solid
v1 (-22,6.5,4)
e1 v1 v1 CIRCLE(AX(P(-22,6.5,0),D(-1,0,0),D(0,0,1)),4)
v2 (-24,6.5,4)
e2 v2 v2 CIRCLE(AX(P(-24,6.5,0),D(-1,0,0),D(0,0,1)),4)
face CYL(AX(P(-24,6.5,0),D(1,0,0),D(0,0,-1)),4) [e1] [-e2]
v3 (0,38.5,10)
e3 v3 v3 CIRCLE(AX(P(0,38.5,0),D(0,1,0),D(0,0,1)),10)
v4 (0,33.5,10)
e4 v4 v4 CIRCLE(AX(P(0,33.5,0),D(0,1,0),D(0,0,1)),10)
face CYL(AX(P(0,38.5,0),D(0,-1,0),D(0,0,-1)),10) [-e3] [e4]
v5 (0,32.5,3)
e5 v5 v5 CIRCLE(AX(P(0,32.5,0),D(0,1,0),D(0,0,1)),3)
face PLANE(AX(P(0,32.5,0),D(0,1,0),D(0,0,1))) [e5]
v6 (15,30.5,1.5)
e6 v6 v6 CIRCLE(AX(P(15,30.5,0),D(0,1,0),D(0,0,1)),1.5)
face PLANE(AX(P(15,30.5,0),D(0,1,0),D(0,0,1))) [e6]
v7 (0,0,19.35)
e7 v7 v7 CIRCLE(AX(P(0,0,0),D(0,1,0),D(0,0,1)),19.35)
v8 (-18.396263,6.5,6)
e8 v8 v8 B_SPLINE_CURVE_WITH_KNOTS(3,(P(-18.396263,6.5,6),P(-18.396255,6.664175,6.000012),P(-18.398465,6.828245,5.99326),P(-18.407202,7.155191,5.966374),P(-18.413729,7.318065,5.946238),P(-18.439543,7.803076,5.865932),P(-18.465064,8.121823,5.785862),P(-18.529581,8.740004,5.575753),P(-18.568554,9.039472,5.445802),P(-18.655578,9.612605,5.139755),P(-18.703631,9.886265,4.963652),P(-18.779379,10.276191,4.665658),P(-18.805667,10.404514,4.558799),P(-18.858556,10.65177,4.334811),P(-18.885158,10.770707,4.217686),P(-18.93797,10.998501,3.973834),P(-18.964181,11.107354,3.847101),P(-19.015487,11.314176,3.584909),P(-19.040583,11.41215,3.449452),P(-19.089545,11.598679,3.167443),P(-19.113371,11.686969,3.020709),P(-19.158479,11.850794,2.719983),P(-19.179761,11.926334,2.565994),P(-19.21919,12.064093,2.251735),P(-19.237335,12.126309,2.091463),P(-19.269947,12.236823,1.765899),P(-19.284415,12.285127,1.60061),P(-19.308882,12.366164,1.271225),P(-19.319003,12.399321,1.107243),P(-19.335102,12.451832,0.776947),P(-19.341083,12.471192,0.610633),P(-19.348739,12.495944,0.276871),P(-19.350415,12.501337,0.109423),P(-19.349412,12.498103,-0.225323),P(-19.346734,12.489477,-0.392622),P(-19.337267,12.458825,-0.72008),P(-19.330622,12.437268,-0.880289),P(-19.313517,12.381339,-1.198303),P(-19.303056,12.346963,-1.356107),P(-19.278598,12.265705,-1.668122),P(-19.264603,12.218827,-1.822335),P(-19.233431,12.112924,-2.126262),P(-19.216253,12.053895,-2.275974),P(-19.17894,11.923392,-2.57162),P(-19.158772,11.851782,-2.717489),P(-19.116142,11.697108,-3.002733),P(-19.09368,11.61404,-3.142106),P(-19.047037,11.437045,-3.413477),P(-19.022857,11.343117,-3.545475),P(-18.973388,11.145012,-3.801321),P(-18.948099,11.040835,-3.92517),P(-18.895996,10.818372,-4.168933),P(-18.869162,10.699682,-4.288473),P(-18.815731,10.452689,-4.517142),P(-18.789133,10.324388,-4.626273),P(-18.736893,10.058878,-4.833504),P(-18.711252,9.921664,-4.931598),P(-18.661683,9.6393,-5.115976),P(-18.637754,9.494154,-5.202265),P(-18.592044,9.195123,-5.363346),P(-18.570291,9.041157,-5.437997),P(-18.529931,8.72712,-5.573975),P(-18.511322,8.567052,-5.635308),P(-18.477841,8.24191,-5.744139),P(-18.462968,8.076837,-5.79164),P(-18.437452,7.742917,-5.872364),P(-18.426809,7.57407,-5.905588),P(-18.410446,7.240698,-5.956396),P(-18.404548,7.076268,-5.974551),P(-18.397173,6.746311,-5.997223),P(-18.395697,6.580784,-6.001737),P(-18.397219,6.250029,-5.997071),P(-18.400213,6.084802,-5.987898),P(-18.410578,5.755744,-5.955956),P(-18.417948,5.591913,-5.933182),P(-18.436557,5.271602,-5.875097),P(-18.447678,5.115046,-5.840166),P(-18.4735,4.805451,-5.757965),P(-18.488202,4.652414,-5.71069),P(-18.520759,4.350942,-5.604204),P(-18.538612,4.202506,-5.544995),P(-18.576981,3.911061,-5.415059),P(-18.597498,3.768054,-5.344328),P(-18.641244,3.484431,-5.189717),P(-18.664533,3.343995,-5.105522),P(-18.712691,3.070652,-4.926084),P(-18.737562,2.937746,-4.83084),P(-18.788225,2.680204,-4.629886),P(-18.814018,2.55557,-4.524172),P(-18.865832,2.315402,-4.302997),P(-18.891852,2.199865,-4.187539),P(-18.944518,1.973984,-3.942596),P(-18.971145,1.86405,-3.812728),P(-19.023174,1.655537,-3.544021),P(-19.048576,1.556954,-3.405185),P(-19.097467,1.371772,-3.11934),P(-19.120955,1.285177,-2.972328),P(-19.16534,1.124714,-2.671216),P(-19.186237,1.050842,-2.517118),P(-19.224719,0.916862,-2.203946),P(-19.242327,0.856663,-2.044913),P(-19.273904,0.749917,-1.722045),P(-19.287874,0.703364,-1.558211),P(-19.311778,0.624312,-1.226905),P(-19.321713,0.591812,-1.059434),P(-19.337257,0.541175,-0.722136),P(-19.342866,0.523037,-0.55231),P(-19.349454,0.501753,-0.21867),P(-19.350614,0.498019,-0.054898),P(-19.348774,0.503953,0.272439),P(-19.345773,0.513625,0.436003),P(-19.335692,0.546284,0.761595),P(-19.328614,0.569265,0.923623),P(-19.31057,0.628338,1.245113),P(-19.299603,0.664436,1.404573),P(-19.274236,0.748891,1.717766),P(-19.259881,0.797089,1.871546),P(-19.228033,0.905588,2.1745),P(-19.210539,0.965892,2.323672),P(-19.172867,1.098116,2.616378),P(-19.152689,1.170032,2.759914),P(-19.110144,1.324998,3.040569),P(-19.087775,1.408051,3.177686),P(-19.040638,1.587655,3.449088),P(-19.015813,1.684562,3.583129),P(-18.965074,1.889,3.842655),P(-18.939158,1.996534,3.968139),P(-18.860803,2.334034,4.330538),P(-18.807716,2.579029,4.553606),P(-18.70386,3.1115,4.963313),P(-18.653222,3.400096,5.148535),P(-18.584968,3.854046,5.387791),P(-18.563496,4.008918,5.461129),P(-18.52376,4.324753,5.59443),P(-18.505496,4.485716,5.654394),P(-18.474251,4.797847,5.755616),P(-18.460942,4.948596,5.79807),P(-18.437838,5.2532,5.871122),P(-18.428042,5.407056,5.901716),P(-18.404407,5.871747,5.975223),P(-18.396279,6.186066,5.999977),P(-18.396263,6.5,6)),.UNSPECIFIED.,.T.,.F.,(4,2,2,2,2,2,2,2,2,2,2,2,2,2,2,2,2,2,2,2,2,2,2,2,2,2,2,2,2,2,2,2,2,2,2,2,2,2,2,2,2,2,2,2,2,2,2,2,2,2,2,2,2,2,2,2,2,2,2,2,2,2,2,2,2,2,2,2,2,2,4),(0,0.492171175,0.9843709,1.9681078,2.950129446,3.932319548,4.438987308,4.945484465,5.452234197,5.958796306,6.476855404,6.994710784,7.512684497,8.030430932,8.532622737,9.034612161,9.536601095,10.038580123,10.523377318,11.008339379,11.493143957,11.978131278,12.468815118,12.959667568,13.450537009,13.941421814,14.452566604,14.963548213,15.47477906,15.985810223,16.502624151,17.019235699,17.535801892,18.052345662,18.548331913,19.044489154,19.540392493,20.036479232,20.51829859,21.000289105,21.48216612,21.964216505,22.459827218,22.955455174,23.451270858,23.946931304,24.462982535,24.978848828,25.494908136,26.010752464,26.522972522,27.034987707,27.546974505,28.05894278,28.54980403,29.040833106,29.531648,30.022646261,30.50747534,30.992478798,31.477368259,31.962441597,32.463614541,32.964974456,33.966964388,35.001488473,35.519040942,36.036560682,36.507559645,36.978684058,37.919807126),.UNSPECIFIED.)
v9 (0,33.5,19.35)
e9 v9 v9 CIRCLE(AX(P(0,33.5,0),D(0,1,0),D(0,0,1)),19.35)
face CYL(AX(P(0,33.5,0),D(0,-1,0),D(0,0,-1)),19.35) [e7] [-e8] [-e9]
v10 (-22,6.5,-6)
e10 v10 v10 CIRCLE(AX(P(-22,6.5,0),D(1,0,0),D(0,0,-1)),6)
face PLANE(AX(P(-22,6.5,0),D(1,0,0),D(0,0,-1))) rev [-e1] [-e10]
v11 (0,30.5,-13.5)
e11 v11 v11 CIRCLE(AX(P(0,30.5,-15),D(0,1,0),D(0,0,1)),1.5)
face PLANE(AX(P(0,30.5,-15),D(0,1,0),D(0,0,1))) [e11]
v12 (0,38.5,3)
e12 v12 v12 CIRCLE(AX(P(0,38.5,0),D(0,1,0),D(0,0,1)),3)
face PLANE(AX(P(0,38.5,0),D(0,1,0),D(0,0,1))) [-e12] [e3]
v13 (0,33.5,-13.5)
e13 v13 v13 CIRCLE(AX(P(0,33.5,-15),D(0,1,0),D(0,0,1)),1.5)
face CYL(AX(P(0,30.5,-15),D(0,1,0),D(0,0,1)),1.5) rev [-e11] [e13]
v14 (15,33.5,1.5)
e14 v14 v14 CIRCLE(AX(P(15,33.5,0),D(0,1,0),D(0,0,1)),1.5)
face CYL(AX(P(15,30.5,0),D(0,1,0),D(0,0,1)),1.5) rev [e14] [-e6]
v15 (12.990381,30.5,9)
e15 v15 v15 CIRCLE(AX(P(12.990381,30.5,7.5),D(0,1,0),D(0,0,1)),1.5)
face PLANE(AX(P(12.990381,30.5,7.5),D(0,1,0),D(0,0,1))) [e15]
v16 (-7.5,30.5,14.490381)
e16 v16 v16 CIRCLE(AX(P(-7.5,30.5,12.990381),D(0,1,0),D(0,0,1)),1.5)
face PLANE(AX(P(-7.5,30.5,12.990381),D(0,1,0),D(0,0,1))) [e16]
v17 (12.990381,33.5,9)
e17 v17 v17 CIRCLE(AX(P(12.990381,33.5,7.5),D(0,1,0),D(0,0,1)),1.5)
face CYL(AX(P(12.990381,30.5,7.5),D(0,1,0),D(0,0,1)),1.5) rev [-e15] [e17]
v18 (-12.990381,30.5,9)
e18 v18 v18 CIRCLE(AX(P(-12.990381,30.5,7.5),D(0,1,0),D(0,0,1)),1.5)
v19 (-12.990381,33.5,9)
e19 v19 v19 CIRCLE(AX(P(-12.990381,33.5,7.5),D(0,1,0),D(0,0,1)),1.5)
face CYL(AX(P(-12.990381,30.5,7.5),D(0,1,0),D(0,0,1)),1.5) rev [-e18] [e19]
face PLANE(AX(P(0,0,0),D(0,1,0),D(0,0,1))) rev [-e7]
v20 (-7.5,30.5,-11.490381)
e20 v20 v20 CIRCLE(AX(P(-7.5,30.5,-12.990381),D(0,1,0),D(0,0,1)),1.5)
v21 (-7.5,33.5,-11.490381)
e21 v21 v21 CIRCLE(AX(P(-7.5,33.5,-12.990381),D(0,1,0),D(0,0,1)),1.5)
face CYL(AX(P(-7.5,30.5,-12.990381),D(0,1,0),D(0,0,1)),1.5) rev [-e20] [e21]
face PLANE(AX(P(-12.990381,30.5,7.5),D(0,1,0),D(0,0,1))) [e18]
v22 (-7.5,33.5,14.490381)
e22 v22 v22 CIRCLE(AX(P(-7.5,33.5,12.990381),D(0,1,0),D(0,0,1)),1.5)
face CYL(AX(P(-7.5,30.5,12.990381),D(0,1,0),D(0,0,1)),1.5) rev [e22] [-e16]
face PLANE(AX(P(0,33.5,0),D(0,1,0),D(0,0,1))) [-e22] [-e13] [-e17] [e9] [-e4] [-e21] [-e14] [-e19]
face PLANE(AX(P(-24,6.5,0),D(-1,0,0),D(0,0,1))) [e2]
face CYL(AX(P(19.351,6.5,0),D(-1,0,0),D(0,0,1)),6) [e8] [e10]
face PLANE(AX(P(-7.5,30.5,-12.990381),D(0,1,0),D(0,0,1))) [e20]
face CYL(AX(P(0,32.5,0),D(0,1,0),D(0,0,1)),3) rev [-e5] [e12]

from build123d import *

# Parameters (mm, degrees)
SKETCH2_R                = 19.35
BOSS_EXTRUDE1_DEPTH      = 33.5
SKETCH3_R                = 10
BOSS_EXTRUDE2_DEPTH      = 5
SKETCH4_R                = 1.5
CUT_EXTRUDE1_DEPTH       = 3
SKETCH5_R                = 3
CUT_EXTRUDE2_DEPTH       = 6
BOSS_EXTRUDE3_REACH      = 61.72
BOSS_EXTRUDE3_END_RADIUS = 19.35
SKETCH6_R                = 6
SKETCH7_R                = 4
BOSS_EXTRUDE4_DEPTH      = 2


with BuildPart() as part:
    # Sketch2 → Boss-Extrude1 (new body)
    with BuildSketch(Plane(origin=(0, 0, 0), x_dir=(1, 0, 0), z_dir=(0, 1, 0))):
        with Locations(Location((0, 0, 0), (0, 0, 270))):
            Circle(SKETCH2_R)
    extrude(amount=BOSS_EXTRUDE1_DEPTH)

    # Sketch3 → Boss-Extrude2 (add)
    with BuildSketch(Plane(origin=(0, 33.5, 0), x_dir=(1, 0, 0), z_dir=(0, 1, 0))):
        with Locations(Location((0, 0, 0), (0, 0, 270))):
            Circle(SKETCH3_R)
    extrude(amount=BOSS_EXTRUDE2_DEPTH)

    # Sketch4 → Cut-Extrude1 (cut)
    with BuildSketch(Plane(origin=(0, 33.5, 0), x_dir=(1, 0, 0), z_dir=(0, 1, 0))):
        with Locations(Location((15, 0, 0), (0, 0, 270))):
            Circle(SKETCH4_R)
        with Locations(Location((12.990381057, -7.5, 0), (0, 0, 270))):
            Circle(SKETCH4_R)
        with Locations(Location((0, 15, 0), (0, 0, 270))):
            Circle(SKETCH4_R)
        with Locations(Location((-12.990381057, -7.5, 0), (0, 0, 270))):
            Circle(SKETCH4_R)
        with Locations(Location((-7.5, -12.990381057, 0), (0, 0, 270))):
            Circle(SKETCH4_R)
        with Locations(Location((-7.5, 12.990381057, 0), (0, 0, 270))):
            Circle(SKETCH4_R)
    extrude(amount=-CUT_EXTRUDE1_DEPTH, mode=Mode.SUBTRACT)

    # Sketch5 → Cut-Extrude2 (cut)
    with BuildSketch(Plane(origin=(0, 38.5, 0), x_dir=(1, 0, 0), z_dir=(0, 1, 0))):
        with Locations(Location((0, 0, 0), (0, 0, 270))):
            Circle(SKETCH5_R)
    extrude(amount=-CUT_EXTRUDE2_DEPTH, mode=Mode.SUBTRACT)

    # Boss-Extrude3: up to this cylinder (the profile starts outside it)
    boss_extrude3_end = Plane(origin=(0, 6.5, 0), z_dir=(0, -1, 0)) * Cylinder(BOSS_EXTRUDE3_END_RADIUS, 163.14, mode=Mode.PRIVATE)
    # Sketch6 → Boss-Extrude3 (add, up to the surface)
    with BuildSketch(Plane(origin=(-22, 0, 0), x_dir=(0, 0, -1), z_dir=(1, 0, 0)), mode=Mode.PRIVATE) as boss_extrude3_sk1:
        with Locations(Location((0, 6.5, 0), (0, 0, 180))):
            Circle(SKETCH6_R)
    boss_extrude3_tool1 = extrude(boss_extrude3_sk1.sketch, amount=BOSS_EXTRUDE3_REACH, mode=Mode.PRIVATE) - boss_extrude3_end
    add(boss_extrude3_tool1.solids().sort_by_distance((-22, 6.5, 0))[0])

    # Sketch7 → Boss-Extrude4 (add)
    with BuildSketch(Plane.ZY.offset(22)):
        with Locations((0, 6.5)):
            Circle(SKETCH7_R)
    extrude(amount=BOSS_EXTRUDE4_DEPTH)


solid = part.part
